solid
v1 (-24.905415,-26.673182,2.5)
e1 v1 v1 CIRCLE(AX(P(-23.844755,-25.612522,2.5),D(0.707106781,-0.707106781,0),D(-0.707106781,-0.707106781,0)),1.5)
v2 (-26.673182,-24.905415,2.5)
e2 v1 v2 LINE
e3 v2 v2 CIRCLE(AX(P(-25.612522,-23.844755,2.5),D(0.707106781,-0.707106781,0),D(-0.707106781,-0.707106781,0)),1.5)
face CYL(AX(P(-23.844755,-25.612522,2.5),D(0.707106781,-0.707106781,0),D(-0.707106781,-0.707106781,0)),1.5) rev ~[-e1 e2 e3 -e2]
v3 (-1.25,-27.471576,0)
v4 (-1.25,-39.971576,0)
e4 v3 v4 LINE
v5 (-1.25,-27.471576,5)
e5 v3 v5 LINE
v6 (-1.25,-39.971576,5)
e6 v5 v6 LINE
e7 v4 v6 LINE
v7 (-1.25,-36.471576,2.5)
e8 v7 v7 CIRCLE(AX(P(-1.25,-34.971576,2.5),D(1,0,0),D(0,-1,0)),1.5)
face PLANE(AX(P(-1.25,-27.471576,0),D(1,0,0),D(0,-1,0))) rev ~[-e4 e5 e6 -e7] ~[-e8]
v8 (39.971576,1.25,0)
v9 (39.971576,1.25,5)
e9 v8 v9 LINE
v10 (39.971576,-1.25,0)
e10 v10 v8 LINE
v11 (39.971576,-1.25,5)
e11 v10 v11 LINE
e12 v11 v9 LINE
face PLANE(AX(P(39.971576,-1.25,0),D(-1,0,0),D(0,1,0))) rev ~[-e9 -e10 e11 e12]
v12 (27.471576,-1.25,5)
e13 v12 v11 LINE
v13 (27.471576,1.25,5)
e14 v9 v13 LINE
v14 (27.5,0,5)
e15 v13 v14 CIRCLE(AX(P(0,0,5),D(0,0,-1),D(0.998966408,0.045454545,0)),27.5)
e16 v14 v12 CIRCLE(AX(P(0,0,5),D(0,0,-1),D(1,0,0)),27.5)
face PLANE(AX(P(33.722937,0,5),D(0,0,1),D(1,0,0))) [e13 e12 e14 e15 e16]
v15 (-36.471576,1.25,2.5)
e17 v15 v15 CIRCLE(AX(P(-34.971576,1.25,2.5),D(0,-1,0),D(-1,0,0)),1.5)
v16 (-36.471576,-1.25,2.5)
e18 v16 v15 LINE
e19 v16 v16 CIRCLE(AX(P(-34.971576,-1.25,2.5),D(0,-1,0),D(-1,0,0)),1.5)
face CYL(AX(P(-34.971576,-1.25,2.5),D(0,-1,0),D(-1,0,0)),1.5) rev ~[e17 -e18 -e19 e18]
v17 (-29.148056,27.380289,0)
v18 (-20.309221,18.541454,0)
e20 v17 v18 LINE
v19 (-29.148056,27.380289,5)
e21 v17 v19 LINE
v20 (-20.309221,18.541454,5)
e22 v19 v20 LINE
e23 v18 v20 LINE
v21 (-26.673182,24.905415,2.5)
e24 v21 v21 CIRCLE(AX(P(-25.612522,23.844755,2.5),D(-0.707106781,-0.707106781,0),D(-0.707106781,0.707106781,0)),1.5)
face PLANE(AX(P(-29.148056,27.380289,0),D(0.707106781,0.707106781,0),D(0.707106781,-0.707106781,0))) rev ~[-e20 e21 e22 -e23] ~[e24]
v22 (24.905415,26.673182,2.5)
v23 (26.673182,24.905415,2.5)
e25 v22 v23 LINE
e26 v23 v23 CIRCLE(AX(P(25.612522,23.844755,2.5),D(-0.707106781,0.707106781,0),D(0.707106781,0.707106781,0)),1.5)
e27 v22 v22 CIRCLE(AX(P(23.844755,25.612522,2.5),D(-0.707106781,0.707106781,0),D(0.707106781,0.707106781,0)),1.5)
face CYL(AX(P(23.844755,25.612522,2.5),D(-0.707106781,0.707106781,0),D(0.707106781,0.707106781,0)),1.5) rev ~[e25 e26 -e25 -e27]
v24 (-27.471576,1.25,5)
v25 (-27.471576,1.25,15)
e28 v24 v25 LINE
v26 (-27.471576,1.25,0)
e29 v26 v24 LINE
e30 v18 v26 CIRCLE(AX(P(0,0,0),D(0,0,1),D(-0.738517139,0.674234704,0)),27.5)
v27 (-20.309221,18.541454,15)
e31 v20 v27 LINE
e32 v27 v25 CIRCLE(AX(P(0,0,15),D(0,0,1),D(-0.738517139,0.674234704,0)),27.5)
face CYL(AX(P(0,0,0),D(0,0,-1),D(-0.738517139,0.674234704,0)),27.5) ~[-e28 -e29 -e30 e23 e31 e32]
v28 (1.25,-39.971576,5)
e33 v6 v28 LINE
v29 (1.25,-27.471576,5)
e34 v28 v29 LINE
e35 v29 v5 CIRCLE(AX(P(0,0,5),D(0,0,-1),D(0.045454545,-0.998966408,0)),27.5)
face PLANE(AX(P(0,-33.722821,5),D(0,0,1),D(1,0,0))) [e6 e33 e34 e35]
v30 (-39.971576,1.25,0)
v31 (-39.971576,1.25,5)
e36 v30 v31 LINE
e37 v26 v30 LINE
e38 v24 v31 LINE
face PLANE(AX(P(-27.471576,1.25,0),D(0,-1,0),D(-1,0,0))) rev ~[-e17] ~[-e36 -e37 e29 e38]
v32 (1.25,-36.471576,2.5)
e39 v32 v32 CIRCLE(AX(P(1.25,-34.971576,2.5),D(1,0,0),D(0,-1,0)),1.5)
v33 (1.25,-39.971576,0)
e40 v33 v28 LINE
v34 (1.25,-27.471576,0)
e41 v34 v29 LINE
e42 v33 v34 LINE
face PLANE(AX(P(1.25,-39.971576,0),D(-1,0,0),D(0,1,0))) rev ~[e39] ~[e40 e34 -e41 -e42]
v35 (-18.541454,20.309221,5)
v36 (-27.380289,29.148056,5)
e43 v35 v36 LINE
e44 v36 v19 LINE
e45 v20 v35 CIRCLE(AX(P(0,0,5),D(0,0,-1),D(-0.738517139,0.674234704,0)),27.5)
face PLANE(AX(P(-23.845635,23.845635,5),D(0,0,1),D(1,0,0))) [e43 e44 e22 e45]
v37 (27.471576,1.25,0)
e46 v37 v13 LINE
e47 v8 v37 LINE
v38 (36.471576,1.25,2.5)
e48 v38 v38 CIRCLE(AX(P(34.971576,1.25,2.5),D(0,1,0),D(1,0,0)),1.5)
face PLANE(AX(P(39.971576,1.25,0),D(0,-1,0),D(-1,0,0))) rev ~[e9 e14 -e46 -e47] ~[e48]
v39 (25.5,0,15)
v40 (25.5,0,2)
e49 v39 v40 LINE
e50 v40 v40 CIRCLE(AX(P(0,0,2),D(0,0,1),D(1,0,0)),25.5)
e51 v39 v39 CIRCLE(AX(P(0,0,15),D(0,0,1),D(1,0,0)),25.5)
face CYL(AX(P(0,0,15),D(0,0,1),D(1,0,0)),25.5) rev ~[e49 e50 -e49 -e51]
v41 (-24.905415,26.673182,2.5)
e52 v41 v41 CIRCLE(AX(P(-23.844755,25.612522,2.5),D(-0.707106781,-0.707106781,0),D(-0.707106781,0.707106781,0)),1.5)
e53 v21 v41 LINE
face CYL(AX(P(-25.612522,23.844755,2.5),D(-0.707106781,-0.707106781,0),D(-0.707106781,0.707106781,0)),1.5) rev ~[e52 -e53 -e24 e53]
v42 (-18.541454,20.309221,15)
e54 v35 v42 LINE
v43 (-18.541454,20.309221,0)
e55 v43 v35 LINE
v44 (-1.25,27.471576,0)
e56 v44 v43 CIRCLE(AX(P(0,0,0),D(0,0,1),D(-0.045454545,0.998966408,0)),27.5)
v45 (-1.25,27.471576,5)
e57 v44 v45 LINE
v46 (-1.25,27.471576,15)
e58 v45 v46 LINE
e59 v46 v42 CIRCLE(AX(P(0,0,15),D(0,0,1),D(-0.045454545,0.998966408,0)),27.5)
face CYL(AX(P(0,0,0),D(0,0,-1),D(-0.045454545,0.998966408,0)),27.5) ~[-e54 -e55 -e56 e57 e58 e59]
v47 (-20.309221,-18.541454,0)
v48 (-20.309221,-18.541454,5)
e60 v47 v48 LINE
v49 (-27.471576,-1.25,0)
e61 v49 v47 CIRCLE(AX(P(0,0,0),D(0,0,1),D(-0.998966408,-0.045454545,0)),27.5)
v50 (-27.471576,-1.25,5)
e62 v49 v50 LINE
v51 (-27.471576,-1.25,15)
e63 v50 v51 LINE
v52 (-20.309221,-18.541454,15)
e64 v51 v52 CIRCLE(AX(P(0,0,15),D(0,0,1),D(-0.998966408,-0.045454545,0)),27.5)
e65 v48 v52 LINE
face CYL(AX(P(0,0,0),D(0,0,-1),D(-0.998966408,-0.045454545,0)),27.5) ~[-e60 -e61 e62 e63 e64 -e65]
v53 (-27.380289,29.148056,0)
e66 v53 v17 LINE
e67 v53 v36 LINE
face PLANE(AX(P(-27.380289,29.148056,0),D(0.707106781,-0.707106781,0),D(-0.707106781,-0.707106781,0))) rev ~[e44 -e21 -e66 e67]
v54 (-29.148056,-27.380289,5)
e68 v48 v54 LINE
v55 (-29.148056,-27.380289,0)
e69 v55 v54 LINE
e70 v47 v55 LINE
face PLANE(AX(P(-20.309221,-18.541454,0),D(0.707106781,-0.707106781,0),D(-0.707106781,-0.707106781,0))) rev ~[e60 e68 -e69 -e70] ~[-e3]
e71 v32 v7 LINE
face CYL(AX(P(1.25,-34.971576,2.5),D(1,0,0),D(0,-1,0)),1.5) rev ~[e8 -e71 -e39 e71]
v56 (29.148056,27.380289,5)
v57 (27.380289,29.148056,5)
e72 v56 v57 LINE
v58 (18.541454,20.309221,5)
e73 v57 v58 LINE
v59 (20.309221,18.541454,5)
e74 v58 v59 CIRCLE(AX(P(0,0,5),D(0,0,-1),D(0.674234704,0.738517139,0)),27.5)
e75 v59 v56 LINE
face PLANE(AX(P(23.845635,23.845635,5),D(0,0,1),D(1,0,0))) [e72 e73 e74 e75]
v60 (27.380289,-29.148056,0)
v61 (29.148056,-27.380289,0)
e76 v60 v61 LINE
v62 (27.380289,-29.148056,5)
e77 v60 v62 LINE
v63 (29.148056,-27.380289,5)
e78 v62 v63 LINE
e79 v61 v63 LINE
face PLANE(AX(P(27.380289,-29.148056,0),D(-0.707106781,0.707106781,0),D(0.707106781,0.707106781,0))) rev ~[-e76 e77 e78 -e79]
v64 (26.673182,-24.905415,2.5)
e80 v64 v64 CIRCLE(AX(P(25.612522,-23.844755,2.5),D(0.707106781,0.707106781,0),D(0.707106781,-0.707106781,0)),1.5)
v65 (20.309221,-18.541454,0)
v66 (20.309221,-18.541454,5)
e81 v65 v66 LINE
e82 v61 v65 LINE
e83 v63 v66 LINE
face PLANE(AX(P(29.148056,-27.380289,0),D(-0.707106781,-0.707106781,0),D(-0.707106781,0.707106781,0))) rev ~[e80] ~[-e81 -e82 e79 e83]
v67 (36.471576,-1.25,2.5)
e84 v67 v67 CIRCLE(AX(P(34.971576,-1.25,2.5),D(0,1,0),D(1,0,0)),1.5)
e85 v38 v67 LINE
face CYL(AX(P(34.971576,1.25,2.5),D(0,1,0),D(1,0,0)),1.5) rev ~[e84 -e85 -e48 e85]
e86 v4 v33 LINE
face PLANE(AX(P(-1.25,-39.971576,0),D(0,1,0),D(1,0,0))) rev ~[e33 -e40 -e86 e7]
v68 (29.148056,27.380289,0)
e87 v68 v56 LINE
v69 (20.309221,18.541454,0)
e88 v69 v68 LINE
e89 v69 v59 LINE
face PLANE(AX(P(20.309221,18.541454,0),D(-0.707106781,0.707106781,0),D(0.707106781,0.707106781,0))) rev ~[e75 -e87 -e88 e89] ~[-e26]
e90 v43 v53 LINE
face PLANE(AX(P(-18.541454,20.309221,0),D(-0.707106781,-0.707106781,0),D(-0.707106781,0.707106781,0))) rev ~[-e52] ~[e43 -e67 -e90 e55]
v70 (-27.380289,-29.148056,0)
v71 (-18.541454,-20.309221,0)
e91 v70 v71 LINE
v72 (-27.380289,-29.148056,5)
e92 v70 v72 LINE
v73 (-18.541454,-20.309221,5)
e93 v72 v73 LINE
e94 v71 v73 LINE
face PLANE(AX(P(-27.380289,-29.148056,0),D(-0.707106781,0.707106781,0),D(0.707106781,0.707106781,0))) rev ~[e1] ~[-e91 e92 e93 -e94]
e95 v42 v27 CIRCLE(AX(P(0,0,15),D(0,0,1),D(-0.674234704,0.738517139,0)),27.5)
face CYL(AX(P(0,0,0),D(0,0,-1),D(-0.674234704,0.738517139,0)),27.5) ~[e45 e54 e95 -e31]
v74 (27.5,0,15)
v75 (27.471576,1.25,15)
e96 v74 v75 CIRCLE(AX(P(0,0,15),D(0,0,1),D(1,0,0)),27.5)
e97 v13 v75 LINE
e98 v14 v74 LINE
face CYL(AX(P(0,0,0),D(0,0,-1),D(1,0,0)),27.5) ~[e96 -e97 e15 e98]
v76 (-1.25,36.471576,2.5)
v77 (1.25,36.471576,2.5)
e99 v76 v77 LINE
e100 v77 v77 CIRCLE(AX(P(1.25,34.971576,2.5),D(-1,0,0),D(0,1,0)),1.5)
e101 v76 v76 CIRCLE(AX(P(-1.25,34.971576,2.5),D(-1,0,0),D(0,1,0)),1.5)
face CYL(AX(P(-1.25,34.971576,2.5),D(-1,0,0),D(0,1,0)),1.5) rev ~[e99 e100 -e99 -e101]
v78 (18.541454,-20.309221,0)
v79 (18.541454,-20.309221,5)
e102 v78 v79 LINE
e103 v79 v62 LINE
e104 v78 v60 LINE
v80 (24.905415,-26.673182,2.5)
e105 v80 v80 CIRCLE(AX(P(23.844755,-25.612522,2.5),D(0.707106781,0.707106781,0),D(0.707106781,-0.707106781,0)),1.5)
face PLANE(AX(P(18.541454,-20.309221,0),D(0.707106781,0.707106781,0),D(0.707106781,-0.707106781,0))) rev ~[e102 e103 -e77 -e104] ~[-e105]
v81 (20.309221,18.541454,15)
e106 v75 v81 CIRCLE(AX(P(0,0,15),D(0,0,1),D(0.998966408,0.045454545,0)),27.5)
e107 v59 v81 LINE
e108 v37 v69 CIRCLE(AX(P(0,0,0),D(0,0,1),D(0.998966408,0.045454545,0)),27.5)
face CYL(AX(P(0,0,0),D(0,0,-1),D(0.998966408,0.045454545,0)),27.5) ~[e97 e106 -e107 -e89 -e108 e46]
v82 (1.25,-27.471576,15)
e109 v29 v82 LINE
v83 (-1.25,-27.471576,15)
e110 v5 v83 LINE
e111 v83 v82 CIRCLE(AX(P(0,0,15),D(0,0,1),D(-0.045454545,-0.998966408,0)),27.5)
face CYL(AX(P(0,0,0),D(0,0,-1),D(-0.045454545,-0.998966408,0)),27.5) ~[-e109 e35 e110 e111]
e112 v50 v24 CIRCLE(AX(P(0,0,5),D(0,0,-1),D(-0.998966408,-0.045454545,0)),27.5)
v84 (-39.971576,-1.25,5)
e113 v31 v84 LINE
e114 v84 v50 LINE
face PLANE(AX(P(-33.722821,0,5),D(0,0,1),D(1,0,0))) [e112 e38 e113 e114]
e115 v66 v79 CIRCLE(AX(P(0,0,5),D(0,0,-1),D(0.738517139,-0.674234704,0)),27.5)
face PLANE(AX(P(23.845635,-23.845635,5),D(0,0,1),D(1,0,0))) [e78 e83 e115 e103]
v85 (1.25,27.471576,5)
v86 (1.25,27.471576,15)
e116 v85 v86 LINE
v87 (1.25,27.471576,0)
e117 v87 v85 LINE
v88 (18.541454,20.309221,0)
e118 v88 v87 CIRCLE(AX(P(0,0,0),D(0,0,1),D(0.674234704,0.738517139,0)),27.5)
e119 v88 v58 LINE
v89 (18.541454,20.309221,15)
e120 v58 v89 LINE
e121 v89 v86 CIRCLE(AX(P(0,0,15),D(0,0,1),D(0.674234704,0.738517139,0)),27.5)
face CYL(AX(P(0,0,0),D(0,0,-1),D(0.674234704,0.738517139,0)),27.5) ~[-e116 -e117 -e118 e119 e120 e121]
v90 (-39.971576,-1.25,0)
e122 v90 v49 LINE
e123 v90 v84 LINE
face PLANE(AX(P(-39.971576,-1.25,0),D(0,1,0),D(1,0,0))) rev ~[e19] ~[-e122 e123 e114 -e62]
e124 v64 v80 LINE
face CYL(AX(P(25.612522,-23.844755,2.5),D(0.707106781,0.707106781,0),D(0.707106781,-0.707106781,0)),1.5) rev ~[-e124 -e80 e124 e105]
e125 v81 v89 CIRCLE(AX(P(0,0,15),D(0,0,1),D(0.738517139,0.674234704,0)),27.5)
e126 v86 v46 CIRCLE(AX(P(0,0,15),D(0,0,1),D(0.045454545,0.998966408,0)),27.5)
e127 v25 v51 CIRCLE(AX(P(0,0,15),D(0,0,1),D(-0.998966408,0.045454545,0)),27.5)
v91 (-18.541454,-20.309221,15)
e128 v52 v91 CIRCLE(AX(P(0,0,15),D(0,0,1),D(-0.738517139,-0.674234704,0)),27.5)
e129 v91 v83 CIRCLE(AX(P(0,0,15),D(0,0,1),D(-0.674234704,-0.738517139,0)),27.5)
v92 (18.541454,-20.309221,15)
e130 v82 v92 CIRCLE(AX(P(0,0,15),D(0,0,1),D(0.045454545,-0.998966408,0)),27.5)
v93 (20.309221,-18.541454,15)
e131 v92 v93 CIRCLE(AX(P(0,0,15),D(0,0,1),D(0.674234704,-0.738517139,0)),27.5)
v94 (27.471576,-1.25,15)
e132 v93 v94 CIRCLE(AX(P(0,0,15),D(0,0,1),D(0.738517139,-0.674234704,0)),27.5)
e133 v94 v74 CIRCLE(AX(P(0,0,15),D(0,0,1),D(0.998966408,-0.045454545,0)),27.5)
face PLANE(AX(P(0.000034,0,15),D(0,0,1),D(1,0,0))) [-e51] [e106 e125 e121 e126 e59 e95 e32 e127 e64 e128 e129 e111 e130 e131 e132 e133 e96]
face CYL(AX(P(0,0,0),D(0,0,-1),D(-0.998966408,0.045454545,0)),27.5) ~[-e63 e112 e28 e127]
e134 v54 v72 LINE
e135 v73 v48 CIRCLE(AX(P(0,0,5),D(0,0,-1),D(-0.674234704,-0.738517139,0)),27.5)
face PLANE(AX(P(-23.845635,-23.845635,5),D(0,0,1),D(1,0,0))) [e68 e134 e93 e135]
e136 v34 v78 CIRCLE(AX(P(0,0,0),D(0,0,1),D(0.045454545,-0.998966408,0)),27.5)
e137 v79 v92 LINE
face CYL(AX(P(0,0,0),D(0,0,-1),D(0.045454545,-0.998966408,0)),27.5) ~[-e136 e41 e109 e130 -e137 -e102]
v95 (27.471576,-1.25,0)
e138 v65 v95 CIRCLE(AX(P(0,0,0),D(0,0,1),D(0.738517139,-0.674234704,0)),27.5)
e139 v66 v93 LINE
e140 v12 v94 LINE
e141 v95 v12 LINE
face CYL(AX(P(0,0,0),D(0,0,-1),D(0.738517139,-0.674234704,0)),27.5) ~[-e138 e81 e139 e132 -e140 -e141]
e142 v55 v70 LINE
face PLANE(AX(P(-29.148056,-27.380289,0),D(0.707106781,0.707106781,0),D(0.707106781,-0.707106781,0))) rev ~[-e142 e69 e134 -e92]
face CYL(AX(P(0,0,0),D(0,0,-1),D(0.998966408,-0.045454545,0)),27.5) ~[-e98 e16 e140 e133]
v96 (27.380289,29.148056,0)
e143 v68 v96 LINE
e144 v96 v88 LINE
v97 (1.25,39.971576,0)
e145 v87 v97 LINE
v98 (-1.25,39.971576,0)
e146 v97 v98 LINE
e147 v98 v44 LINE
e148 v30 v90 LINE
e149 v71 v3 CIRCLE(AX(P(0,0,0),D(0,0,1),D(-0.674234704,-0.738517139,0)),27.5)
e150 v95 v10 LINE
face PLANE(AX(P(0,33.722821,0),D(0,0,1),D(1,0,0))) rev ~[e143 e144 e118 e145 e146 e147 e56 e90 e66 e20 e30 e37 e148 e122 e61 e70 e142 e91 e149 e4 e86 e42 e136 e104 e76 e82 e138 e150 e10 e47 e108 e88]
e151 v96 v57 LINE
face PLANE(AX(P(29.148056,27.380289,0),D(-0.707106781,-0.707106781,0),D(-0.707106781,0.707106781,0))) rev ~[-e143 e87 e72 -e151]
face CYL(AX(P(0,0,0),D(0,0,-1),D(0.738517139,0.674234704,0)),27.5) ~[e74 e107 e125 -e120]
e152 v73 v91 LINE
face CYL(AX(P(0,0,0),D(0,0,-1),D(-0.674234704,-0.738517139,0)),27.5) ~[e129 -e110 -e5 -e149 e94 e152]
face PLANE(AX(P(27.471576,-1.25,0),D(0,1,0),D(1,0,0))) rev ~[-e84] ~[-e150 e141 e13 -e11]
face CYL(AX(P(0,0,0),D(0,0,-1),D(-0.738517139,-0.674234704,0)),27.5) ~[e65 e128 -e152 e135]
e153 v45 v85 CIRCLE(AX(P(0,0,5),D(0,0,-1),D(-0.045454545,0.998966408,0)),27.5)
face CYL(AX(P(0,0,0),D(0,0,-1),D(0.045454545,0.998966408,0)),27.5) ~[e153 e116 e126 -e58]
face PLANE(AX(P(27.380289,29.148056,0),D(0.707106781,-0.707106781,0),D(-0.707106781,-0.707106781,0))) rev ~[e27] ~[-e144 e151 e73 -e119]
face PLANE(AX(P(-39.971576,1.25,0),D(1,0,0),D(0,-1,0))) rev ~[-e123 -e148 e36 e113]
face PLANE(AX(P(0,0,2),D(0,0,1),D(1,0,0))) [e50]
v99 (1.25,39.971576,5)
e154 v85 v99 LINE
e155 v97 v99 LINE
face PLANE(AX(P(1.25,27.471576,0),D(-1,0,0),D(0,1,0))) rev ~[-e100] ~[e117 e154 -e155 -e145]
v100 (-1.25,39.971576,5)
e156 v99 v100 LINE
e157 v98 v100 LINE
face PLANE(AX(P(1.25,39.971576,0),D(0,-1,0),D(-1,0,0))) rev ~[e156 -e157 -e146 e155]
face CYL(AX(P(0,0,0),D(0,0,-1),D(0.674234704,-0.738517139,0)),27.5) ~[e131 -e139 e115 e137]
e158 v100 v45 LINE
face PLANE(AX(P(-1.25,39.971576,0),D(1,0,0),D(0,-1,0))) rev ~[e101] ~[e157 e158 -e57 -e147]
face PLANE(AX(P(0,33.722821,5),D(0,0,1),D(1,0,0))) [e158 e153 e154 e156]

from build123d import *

# Parameters (mm, degrees)
F1_DEPTH  = 15
F2_R      = 25.5
F3_DEPTH  = 13
F4_DEPTH  = 5
F6_DEPTH  = 25
F8_DEPTH  = 25
F10_DEPTH = 25
F12_DEPTH = 25
F14_DEPTH = 25
F16_DEPTH = 25
F18_DEPTH = 25
F20_DEPTH = 25


with BuildPart() as f1:
    # F0 (on Top) → F1 (new body)
    with BuildSketch(Plane.XY):
        with BuildLine():
            ThreePointArc((27.4715762198, -1.25), (27.4928931366, -0.6251615614), (27.5, 0))
            ThreePointArc((27.5, 0), (27.4928931366, 0.6251615614), (27.4715762198, 1.25))
            ThreePointArc((27.4715762198, 1.25), (25.4066871441, 10.52379439), (20.3092213114, 18.5414543584))
            ThreePointArc((20.3092213114, 18.5414543584), (19.4454364826, 19.4454364826), (18.5414543584, 20.3092213114))
            ThreePointArc((18.5414543584, 20.3092213114), (10.52379439, 25.4066871441), (1.25, 27.4715762198))
            ThreePointArc((1.25, 27.4715762198), (0, 27.5), (-1.25, 27.4715762198))
            ThreePointArc((-1.25, 27.4715762198), (-10.52379439, 25.4066871441), (-18.5414543584, 20.3092213114))
            ThreePointArc((-18.5414543584, 20.3092213114), (-19.4454364826, 19.4454364826), (-20.3092213114, 18.5414543584))
            ThreePointArc((-20.3092213114, 18.5414543584), (-25.4066871441, 10.52379439), (-27.4715762198, 1.25))
            ThreePointArc((-27.4715762198, 1.25), (-27.5, 0), (-27.4715762198, -1.25))
            ThreePointArc((-27.4715762198, -1.25), (-25.4066871441, -10.52379439), (-20.3092213114, -18.5414543584))
            ThreePointArc((-20.3092213114, -18.5414543584), (-19.4454364826, -19.4454364826), (-18.5414543584, -20.3092213114))
            ThreePointArc((-18.5414543584, -20.3092213114), (-10.52379439, -25.4066871441), (-1.25, -27.4715762198))
            ThreePointArc((-1.25, -27.4715762198), (0, -27.5), (1.25, -27.4715762198))
            ThreePointArc((1.25, -27.4715762198), (10.52379439, -25.4066871441), (18.5414543584, -20.3092213114))
            ThreePointArc((18.5414543584, -20.3092213114), (19.4454364826, -19.4454364826), (20.3092213114, -18.5414543584))
            ThreePointArc((20.3092213114, -18.5414543584), (25.4066871441, -10.52379439), (27.4715762198, -1.25))
        make_face()
    extrude(amount=F1_DEPTH)

    # F2 (on face) → F3 (cut)
    with BuildSketch(Plane.XY.offset(15)):
        Circle(F2_R)
    extrude(amount=-F3_DEPTH, mode=Mode.SUBTRACT)

    # F0 (on Top) → F4 (join)
    with BuildSketch(Plane.XY):
        with BuildLine():
            ThreePointArc((-1.25, 27.4715762198), (0, 27.5), (1.25, 27.4715762198))
            Line((1.25, 27.4715762198), (1.25, 39.9715762198))
            Line((1.25, 39.9715762198), (-1.25, 39.9715762198))
            Line((-1.25, 39.9715762198), (-1.25, 27.4715762198))
        make_face()
        with BuildLine():
            ThreePointArc((-20.3092213114, 18.5414543584), (-19.4454364826, 19.4454364826), (-18.5414543584, 20.3092213114))
            Line((-18.5414543584, 20.3092213114), (-27.3802891232, 29.1480560762))
            Line((-27.3802891232, 29.1480560762), (-29.1480560762, 27.3802891232))
            Line((-29.1480560762, 27.3802891232), (-20.3092213114, 18.5414543584))
        make_face()
        with BuildLine():
            ThreePointArc((-27.4715762198, -1.25), (-27.5, 0), (-27.4715762198, 1.25))
            Line((-27.4715762198, 1.25), (-39.9715762198, 1.25))
            Line((-39.9715762198, 1.25), (-39.9715762198, -1.25))
            Line((-39.9715762198, -1.25), (-27.4715762198, -1.25))
        make_face()
        with BuildLine():
            Line((-27.3802891232, -29.1480560762), (-18.5414543584, -20.3092213114))
            ThreePointArc((-18.5414543584, -20.3092213114), (-19.4454364826, -19.4454364826), (-20.3092213114, -18.5414543584))
            Line((-20.3092213114, -18.5414543584), (-29.1480560762, -27.3802891232))
            Line((-29.1480560762, -27.3802891232), (-27.3802891232, -29.1480560762))
        make_face()
        with BuildLine():
            Line((1.25, -39.9715762198), (1.25, -27.4715762198))
            ThreePointArc((1.25, -27.4715762198), (0, -27.5), (-1.25, -27.4715762198))
            Line((-1.25, -27.4715762198), (-1.25, -39.9715762198))
            Line((-1.25, -39.9715762198), (1.25, -39.9715762198))
        make_face()
        with BuildLine():
            Line((29.1480560762, -27.3802891232), (20.3092213114, -18.5414543584))
            ThreePointArc((20.3092213114, -18.5414543584), (19.4454364826, -19.4454364826), (18.5414543584, -20.3092213114))
            Line((18.5414543584, -20.3092213114), (27.3802891232, -29.1480560762))
            Line((27.3802891232, -29.1480560762), (29.1480560762, -27.3802891232))
        make_face()
        with BuildLine():
            ThreePointArc((27.4715762198, 1.25), (27.4928931366, 0.6251615614), (27.5, 0))
            ThreePointArc((27.5, 0), (27.4928931366, -0.6251615614), (27.4715762198, -1.25))
            Line((27.4715762198, -1.25), (39.9715762198, -1.25))
            Line((39.9715762198, -1.25), (39.9715762198, 1.25))
            Line((39.9715762198, 1.25), (27.4715762198, 1.25))
        make_face()
        with BuildLine():
            ThreePointArc((18.5414543584, 20.3092213114), (19.4454364826, 19.4454364826), (20.3092213114, 18.5414543584))
            Line((20.3092213114, 18.5414543584), (29.1480560762, 27.3802891232))
            Line((29.1480560762, 27.3802891232), (27.3802891232, 29.1480560762))
            Line((27.3802891232, 29.1480560762), (18.5414543584, 20.3092213114))
        make_face()
    extrude(amount=F4_DEPTH)

    # F5 (on face) → F6 (cut)
    with BuildSketch(Plane.YZ.offset(1.25)):
        with BuildLine():
            ThreePointArc((-33.4715762198, 2.5), (-34.9715762198, 4), (-36.4715762198, 2.5))
            ThreePointArc((-36.4715762198, 2.5), (-34.9715762198, 1), (-33.4715762198, 2.5))
        make_face()
    extrude(amount=-F6_DEPTH, mode=Mode.SUBTRACT)

    # F7 (on face) → F8 (cut)
    with BuildSketch(Plane(origin=(0.8838834765, -0.8838834765, 0), x_dir=(0.7071067812, 0.7071067812, 0), z_dir=(0.7071067812, -0.7071067812, 0))):
        with BuildLine():
            ThreePointArc((-33.4715762198, 2.5), (-34.9715762198, 4), (-36.4715762198, 2.5))
            ThreePointArc((-36.4715762198, 2.5), (-34.9715762198, 1), (-33.4715762198, 2.5))
        make_face()
    extrude(amount=-F8_DEPTH, mode=Mode.SUBTRACT)

    # F9 (on face) → F10 (cut)
    with BuildSketch(Plane.XZ.offset(1.25)):
        with BuildLine():
            ThreePointArc((-33.4715762198, 2.5), (-34.9715762198, 4), (-36.4715762198, 2.5))
            ThreePointArc((-36.4715762198, 2.5), (-34.9715762198, 1), (-33.4715762198, 2.5))
        make_face()
    extrude(amount=-F10_DEPTH, mode=Mode.SUBTRACT)

    # F11 (on face) → F12 (cut)
    with BuildSketch(Plane(origin=(-0.8838834765, -0.8838834765, 0), x_dir=(0.7071067812, -0.7071067812, 0), z_dir=(-0.7071067812, -0.7071067812, 0))):
        with BuildLine():
            ThreePointArc((-33.4715762198, 2.5), (-34.9715762198, 4), (-36.4715762198, 2.5))
            ThreePointArc((-36.4715762198, 2.5), (-34.9715762198, 1), (-33.4715762198, 2.5))
        make_face()
    extrude(amount=-F12_DEPTH, mode=Mode.SUBTRACT)

    # F13 (on face) → F14 (cut)
    with BuildSketch(Plane(origin=(-1.25, 0, 0), x_dir=(0, -1, 0), z_dir=(-1, 0, 0))):
        with BuildLine():
            ThreePointArc((-33.4715762198, 2.5), (-34.9715762198, 4), (-36.4715762198, 2.5))
            ThreePointArc((-36.4715762198, 2.5), (-34.9715762198, 1), (-33.4715762198, 2.5))
        make_face()
    extrude(amount=-F14_DEPTH, mode=Mode.SUBTRACT)

    # F15 (on face) → F16 (cut)
    with BuildSketch(Plane(origin=(-0.8838834765, 0.8838834765, 0), x_dir=(-0.7071067812, -0.7071067812, 0), z_dir=(-0.7071067812, 0.7071067812, 0))):
        with BuildLine():
            ThreePointArc((-33.4715762198, 2.5), (-34.9715762198, 4), (-36.4715762198, 2.5))
            ThreePointArc((-36.4715762198, 2.5), (-34.9715762198, 1), (-33.4715762198, 2.5))
        make_face()
    extrude(amount=-F16_DEPTH, mode=Mode.SUBTRACT)

    # F17 (on face) → F18 (cut)
    with BuildSketch(Plane(origin=(0, 1.25, 0), x_dir=(-1, 0, 0), z_dir=(0, 1, 0))):
        with BuildLine():
            ThreePointArc((-33.4715762198, 2.5), (-34.9715762198, 4), (-36.4715762198, 2.5))
            ThreePointArc((-36.4715762198, 2.5), (-34.9715762198, 1), (-33.4715762198, 2.5))
        make_face()
    extrude(amount=-F18_DEPTH, mode=Mode.SUBTRACT)

    # F19 (on face) → F20 (cut)
    with BuildSketch(Plane(origin=(0.8838834765, 0.8838834765, 0), x_dir=(-0.7071067812, 0.7071067812, 0), z_dir=(0.7071067812, 0.7071067812, 0))):
        with BuildLine():
            ThreePointArc((-33.4715762198, 2.5), (-34.9715762198, 4), (-36.4715762198, 2.5))
            ThreePointArc((-36.4715762198, 2.5), (-34.9715762198, 1), (-33.4715762198, 2.5))
        make_face()
    extrude(amount=-F20_DEPTH, mode=Mode.SUBTRACT)


solid = f1.part
